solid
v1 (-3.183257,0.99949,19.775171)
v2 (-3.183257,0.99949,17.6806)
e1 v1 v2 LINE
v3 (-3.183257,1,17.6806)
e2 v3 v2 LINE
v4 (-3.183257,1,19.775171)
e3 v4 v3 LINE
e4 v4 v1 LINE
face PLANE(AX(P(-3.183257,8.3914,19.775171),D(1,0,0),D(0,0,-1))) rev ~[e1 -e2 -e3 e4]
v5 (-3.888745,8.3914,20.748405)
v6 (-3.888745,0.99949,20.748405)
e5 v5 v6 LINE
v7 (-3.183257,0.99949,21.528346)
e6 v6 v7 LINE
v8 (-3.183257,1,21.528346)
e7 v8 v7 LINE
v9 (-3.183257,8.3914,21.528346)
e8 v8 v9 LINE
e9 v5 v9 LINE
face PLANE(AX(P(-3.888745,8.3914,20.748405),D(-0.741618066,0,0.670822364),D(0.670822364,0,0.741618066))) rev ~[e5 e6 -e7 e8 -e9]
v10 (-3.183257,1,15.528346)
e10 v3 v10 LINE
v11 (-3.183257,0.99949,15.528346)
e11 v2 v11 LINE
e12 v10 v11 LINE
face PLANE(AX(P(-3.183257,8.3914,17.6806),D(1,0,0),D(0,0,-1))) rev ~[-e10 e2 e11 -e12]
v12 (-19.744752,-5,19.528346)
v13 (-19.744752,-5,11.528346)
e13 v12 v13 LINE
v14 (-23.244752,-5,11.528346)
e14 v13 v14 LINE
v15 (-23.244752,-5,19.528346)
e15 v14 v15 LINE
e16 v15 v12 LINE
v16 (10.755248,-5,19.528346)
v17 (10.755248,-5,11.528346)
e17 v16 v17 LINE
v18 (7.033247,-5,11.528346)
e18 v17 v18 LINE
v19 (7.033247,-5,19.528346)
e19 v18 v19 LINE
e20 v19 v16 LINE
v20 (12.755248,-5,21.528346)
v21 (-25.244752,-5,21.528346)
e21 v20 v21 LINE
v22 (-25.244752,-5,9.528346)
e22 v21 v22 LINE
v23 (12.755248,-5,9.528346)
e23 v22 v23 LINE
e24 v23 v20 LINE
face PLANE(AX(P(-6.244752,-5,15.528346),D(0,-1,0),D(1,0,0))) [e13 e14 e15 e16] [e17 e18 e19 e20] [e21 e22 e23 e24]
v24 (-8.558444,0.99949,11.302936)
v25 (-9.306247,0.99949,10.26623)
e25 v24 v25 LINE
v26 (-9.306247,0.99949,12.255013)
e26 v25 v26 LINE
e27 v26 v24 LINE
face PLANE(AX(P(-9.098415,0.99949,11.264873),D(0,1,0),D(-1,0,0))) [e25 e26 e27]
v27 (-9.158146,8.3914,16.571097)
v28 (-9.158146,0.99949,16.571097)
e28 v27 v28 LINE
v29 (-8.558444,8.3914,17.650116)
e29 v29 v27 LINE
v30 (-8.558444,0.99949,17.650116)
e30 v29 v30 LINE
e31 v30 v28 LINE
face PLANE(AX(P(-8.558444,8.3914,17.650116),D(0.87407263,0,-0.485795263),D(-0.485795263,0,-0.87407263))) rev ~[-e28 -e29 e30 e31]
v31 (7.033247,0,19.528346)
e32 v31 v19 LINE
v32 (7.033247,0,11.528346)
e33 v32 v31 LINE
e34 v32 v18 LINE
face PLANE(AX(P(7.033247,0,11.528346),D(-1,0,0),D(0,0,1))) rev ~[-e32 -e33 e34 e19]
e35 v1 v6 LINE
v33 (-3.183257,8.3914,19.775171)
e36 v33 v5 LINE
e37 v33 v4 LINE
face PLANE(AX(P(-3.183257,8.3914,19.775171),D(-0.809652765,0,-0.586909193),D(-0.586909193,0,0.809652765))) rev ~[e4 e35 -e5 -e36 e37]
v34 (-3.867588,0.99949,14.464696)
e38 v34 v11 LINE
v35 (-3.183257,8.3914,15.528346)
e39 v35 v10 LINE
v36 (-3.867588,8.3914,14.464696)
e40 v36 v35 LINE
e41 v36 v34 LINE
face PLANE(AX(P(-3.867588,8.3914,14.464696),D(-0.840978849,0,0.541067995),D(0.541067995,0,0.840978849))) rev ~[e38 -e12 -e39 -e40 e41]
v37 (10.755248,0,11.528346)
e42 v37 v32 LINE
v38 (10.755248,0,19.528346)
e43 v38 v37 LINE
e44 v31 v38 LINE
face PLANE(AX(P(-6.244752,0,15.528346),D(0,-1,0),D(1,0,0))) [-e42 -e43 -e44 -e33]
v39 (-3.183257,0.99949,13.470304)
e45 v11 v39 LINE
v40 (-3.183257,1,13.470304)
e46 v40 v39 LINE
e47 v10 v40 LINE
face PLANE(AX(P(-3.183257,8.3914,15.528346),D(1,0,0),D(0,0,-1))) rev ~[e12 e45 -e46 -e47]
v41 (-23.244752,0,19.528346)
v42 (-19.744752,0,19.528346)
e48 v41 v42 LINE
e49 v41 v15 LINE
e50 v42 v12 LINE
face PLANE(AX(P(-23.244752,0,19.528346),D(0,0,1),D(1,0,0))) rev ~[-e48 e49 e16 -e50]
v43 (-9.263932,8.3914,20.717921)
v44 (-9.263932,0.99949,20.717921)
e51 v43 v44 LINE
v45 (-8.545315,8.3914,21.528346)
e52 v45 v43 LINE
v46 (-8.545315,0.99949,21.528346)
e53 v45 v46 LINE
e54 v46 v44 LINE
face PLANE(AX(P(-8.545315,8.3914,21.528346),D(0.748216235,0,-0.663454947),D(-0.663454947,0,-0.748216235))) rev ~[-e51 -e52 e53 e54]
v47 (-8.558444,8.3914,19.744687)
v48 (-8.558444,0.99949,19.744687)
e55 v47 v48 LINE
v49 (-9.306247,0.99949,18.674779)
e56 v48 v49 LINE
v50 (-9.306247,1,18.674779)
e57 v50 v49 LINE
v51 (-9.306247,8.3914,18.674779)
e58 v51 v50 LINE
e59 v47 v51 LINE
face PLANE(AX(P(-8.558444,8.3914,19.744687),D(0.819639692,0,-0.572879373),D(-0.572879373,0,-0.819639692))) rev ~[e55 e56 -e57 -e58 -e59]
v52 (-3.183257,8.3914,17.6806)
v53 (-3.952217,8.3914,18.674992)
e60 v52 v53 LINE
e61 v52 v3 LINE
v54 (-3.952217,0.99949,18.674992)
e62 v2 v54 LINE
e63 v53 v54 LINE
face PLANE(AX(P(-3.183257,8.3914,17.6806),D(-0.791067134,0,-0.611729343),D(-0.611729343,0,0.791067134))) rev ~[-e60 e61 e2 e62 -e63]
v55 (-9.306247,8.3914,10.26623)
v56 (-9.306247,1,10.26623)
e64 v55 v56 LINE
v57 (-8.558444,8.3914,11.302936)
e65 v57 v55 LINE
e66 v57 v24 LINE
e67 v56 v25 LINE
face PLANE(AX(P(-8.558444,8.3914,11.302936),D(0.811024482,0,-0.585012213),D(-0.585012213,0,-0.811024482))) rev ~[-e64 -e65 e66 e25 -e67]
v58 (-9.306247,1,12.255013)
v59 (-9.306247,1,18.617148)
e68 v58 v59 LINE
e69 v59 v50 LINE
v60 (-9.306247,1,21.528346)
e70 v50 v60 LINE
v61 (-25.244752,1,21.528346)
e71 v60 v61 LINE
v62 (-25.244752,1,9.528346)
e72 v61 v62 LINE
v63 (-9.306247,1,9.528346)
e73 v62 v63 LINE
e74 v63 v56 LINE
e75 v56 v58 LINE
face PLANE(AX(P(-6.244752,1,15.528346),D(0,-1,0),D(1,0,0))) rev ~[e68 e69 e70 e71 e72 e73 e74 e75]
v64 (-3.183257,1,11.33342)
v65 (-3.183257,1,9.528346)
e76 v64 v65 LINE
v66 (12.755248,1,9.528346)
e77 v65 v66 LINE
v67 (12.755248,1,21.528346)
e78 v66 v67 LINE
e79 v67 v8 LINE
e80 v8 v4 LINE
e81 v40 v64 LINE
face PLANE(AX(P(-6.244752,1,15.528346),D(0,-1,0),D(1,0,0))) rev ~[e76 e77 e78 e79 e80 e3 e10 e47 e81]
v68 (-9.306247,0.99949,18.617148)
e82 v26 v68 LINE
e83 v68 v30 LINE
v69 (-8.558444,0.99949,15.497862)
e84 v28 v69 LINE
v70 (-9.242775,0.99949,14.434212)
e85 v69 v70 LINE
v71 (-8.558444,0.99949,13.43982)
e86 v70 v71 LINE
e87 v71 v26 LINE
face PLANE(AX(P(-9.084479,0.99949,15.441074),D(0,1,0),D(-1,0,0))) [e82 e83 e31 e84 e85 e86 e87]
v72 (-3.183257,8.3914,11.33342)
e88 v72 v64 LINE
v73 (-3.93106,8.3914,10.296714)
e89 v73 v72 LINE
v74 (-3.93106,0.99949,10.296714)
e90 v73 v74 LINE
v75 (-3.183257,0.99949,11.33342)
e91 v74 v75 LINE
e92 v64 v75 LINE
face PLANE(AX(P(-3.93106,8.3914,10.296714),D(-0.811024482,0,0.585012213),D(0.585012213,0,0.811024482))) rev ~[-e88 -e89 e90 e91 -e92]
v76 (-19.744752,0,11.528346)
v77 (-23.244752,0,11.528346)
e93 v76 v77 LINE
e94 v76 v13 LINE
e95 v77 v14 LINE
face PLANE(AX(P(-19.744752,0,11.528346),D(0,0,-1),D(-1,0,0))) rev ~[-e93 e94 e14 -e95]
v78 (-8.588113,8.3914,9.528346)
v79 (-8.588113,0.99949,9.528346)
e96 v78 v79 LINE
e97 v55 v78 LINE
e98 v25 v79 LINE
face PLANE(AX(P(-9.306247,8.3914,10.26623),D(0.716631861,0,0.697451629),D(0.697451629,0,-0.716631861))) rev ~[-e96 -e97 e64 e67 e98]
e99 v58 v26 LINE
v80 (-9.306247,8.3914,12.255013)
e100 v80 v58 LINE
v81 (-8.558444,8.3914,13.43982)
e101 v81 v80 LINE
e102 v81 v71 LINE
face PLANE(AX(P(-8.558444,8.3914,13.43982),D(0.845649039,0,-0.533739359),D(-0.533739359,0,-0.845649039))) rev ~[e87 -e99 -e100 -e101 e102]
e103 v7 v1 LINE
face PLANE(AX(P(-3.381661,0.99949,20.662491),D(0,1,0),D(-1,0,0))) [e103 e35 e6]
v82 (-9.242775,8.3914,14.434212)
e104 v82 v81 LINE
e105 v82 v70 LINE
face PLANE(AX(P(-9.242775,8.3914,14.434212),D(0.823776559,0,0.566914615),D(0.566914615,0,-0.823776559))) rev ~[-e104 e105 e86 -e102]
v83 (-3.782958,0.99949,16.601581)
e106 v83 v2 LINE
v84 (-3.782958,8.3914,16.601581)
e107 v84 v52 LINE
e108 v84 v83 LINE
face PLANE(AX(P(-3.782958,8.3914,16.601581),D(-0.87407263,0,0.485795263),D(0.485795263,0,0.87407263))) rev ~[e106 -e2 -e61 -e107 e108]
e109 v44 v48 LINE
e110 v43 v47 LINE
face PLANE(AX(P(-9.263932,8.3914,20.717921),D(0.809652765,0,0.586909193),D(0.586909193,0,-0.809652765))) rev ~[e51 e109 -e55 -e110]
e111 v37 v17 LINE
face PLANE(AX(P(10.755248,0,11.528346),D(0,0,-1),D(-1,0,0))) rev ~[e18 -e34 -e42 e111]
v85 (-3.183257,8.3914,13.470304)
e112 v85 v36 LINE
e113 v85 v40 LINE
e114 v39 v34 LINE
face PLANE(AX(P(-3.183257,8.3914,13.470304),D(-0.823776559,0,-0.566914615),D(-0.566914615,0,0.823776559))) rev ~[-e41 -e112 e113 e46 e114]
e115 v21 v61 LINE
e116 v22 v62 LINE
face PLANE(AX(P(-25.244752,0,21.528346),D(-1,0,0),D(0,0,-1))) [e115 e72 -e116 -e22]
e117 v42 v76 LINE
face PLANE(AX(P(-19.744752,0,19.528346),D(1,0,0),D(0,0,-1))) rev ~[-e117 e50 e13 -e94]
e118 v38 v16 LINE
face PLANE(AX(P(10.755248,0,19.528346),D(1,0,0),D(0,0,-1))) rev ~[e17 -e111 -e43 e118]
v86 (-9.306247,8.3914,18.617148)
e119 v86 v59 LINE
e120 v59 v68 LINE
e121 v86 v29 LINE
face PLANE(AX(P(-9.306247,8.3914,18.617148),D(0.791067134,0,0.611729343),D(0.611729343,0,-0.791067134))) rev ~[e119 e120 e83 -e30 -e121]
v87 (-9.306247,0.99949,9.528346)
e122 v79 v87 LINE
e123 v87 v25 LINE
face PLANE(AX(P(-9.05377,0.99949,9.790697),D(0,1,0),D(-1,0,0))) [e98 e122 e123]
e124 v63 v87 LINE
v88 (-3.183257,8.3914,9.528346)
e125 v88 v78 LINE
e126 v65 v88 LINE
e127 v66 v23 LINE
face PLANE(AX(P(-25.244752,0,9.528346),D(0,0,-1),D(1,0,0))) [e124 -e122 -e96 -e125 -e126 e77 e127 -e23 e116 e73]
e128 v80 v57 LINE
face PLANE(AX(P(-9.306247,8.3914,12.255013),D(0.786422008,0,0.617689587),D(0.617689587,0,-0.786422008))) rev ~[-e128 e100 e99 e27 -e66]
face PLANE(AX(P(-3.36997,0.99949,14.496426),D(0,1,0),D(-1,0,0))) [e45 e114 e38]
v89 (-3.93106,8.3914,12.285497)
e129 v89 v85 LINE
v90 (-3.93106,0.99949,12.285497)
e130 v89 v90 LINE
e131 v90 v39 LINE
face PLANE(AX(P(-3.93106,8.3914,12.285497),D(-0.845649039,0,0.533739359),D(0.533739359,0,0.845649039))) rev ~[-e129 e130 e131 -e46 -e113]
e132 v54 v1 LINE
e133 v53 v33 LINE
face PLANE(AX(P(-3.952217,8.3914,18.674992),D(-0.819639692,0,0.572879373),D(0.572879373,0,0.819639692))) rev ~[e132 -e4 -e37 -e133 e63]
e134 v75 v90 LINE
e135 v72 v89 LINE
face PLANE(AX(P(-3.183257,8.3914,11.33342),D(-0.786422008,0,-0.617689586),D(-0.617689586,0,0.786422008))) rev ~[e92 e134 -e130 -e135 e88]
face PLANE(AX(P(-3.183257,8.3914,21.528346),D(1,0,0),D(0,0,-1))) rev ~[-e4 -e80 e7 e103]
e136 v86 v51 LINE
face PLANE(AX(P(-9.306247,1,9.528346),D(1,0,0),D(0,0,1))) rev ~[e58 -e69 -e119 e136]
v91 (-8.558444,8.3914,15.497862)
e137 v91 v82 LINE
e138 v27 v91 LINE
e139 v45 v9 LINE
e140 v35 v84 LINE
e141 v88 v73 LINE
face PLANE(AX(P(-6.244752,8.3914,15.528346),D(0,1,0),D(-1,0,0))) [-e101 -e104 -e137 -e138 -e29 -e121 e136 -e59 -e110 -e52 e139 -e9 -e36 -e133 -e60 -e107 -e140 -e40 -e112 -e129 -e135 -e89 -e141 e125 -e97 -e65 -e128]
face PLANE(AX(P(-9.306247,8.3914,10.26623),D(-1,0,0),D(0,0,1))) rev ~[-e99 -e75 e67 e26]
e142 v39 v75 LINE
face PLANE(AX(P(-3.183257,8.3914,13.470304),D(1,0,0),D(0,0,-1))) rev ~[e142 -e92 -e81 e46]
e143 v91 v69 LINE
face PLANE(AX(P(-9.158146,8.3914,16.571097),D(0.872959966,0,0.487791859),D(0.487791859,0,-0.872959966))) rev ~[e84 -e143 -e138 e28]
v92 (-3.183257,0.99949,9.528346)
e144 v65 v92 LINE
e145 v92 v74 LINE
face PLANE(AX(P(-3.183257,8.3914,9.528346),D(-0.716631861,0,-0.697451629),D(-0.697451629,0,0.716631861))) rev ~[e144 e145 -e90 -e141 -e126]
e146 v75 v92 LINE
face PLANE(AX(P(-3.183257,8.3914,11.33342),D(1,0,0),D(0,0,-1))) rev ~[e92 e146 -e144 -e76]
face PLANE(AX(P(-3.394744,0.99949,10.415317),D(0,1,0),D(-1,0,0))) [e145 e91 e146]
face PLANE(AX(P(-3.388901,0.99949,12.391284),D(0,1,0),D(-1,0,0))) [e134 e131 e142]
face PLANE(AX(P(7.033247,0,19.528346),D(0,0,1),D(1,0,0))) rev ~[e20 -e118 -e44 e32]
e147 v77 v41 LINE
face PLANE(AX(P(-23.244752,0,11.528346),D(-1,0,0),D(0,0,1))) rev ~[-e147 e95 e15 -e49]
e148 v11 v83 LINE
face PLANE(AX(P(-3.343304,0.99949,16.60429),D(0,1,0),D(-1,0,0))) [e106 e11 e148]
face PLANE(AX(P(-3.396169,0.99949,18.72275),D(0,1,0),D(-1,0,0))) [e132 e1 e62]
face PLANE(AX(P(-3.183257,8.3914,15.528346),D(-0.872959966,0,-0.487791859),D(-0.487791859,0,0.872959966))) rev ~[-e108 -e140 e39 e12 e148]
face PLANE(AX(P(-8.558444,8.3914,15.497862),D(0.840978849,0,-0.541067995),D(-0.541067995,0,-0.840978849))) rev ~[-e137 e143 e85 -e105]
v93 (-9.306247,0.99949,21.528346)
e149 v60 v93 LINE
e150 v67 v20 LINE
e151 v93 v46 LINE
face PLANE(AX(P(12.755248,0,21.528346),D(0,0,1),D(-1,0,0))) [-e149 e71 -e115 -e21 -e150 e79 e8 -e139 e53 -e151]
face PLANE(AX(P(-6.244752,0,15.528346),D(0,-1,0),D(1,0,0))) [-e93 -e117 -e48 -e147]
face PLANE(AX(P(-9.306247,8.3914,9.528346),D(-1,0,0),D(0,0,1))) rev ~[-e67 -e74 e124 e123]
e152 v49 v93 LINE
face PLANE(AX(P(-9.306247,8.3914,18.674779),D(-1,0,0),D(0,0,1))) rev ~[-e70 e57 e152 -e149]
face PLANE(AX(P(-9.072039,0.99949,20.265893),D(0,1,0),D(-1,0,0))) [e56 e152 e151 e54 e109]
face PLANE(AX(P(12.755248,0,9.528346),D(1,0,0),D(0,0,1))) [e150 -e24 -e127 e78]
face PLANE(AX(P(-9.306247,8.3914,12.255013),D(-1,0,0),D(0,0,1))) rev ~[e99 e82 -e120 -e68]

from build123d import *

# Parameters (mm, degrees)
F1_DEPTH = 5
F2_DEPTH = 1
F4_DEPTH = 7.3914
F6_DEPTH = 7.39191


with BuildPart() as f1:
    # F0 (on Front) → F1 (new body)
    with BuildSketch(Plane.XZ):
        Polygon((-25.2447519526, 9.528346464), (12.7552480474, 9.528346464), (12.7552480474, 21.528346464), (7.0332471505, 21.528346464), (-19.9667528495, 21.528346464), (-25.2447519526, 21.528346464), align=None)
        Polygon((-19.7447519526, 11.528346464), (-23.2447519526, 11.528346464), (-23.2447519526, 19.528346464), (-19.7447519526, 19.528346464), (7.0332471505, 19.528346464), (10.7552480474, 19.528346464), (10.7552480474, 11.528346464), (7.0332471505, 11.528346464), align=None, mode=Mode.SUBTRACT)
        Polygon((-19.7447519526, 17.1880803001), (-19.7447519526, 11.528346464), (7.0332471505, 11.528346464), (7.0332471505, 13.5917593283), (7.0332471505, 19.528346464), (-19.7447519526, 19.528346464), align=None)
    extrude(amount=F1_DEPTH)

    # F0 (on Front) → F2 (join)
    with BuildSketch(Plane.XZ):
        Polygon((-25.2447519526, 9.528346464), (12.7552480474, 9.528346464), (12.7552480474, 21.528346464), (7.0332471505, 21.528346464), (-19.9667528495, 21.528346464), (-25.2447519526, 21.528346464), align=None)
        Polygon((-19.7447519526, 11.528346464), (-23.2447519526, 11.528346464), (-23.2447519526, 19.528346464), (-19.7447519526, 19.528346464), (7.0332471505, 19.528346464), (10.7552480474, 19.528346464), (10.7552480474, 11.528346464), (7.0332471505, 11.528346464), align=None, mode=Mode.SUBTRACT)
        Polygon((-19.7447519526, 17.1880803001), (-19.7447519526, 11.528346464), (7.0332471505, 11.528346464), (7.0332471505, 13.5917593283), (7.0332471505, 19.528346464), (-19.7447519526, 19.528346464), align=None)
        Polygon((7.0332471505, 13.5917593283), (7.0332471505, 11.528346464), (10.7552480474, 11.528346464), (10.7552480474, 19.528346464), (7.0332471505, 19.528346464), align=None)
        Polygon((-23.2447519526, 19.528346464), (-23.2447519526, 11.528346464), (-19.7447519526, 11.528346464), (-19.7447519526, 17.1880803001), (-19.7447519526, 19.528346464), align=None)
    extrude(amount=-F2_DEPTH)

    # F3 (on face) → F4 (join)
    with BuildSketch(Plane(origin=(0, 1, 0), x_dir=(-1, 0, 0), z_dir=(0, 1, 0))):
        Polygon((9.3062466048, 21.528346464), (3.1832573004, 21.528346464), (3.1832573004, 18.1184094399), (3.1832573004, 9.528346464), (9.3062466048, 9.528346464), (9.3062466048, 18.1184094399), align=None)
    extrude(amount=F4_DEPTH)

    # F5 (on face) → F6 (cut)
    with BuildSketch(Plane(origin=(0, 8.3914, 0), x_dir=(-1, 0, 0), z_dir=(0, 1, 0))):
        Polygon((9.3062466048, 21.528346464), (8.5453148931, 21.528346464), (9.2639319636, 20.7179207355), (8.5584444031, 19.7446867824), (9.3062466048, 18.6747785349), align=None)
        Polygon((9.3062466048, 12.255012989), (9.3062466048, 18.6171480624), (8.5584444031, 17.650116235), (9.1581455935, 16.5710970759), (8.5584444031, 15.4978624135), (9.242774643, 14.4342118874), (8.5584444031, 13.4398201481), align=None)
        Polygon((9.3062466048, 10.2662295103), (9.3062466048, 12.255012989), (8.5584444031, 11.3029358909), align=None)
        Polygon((9.3062466048, 9.528346464), (9.3062466048, 10.2662295103), (8.5881125659, 9.528346464), align=None)
        Polygon((3.9310595021, 10.2967135608), (3.1832573004, 11.3334199414), (3.1832573004, 9.528346464), align=None)
        Polygon((3.9310595021, 12.2854970396), (3.1832573004, 13.4703041986), (3.1832573004, 11.3334199414), align=None)
        Polygon((3.8675875403, 14.4646959379), (3.1832573004, 15.528346464), (3.1832573004, 13.4703041986), align=None)
        Polygon((3.7829584908, 16.6015811265), (3.1832573004, 17.6806002855), (3.1832573004, 15.528346464), align=None)
        Polygon((3.9522168227, 18.6749920249), (3.1832573004, 19.7751708329), (3.1832573004, 17.6806002855), align=None)
        Polygon((3.8887448609, 20.748404786), (3.1832573004, 21.528346464), (3.1832573004, 19.7751708329), align=None)
    extrude(amount=-F6_DEPTH, mode=Mode.SUBTRACT)


solid = f1.part
